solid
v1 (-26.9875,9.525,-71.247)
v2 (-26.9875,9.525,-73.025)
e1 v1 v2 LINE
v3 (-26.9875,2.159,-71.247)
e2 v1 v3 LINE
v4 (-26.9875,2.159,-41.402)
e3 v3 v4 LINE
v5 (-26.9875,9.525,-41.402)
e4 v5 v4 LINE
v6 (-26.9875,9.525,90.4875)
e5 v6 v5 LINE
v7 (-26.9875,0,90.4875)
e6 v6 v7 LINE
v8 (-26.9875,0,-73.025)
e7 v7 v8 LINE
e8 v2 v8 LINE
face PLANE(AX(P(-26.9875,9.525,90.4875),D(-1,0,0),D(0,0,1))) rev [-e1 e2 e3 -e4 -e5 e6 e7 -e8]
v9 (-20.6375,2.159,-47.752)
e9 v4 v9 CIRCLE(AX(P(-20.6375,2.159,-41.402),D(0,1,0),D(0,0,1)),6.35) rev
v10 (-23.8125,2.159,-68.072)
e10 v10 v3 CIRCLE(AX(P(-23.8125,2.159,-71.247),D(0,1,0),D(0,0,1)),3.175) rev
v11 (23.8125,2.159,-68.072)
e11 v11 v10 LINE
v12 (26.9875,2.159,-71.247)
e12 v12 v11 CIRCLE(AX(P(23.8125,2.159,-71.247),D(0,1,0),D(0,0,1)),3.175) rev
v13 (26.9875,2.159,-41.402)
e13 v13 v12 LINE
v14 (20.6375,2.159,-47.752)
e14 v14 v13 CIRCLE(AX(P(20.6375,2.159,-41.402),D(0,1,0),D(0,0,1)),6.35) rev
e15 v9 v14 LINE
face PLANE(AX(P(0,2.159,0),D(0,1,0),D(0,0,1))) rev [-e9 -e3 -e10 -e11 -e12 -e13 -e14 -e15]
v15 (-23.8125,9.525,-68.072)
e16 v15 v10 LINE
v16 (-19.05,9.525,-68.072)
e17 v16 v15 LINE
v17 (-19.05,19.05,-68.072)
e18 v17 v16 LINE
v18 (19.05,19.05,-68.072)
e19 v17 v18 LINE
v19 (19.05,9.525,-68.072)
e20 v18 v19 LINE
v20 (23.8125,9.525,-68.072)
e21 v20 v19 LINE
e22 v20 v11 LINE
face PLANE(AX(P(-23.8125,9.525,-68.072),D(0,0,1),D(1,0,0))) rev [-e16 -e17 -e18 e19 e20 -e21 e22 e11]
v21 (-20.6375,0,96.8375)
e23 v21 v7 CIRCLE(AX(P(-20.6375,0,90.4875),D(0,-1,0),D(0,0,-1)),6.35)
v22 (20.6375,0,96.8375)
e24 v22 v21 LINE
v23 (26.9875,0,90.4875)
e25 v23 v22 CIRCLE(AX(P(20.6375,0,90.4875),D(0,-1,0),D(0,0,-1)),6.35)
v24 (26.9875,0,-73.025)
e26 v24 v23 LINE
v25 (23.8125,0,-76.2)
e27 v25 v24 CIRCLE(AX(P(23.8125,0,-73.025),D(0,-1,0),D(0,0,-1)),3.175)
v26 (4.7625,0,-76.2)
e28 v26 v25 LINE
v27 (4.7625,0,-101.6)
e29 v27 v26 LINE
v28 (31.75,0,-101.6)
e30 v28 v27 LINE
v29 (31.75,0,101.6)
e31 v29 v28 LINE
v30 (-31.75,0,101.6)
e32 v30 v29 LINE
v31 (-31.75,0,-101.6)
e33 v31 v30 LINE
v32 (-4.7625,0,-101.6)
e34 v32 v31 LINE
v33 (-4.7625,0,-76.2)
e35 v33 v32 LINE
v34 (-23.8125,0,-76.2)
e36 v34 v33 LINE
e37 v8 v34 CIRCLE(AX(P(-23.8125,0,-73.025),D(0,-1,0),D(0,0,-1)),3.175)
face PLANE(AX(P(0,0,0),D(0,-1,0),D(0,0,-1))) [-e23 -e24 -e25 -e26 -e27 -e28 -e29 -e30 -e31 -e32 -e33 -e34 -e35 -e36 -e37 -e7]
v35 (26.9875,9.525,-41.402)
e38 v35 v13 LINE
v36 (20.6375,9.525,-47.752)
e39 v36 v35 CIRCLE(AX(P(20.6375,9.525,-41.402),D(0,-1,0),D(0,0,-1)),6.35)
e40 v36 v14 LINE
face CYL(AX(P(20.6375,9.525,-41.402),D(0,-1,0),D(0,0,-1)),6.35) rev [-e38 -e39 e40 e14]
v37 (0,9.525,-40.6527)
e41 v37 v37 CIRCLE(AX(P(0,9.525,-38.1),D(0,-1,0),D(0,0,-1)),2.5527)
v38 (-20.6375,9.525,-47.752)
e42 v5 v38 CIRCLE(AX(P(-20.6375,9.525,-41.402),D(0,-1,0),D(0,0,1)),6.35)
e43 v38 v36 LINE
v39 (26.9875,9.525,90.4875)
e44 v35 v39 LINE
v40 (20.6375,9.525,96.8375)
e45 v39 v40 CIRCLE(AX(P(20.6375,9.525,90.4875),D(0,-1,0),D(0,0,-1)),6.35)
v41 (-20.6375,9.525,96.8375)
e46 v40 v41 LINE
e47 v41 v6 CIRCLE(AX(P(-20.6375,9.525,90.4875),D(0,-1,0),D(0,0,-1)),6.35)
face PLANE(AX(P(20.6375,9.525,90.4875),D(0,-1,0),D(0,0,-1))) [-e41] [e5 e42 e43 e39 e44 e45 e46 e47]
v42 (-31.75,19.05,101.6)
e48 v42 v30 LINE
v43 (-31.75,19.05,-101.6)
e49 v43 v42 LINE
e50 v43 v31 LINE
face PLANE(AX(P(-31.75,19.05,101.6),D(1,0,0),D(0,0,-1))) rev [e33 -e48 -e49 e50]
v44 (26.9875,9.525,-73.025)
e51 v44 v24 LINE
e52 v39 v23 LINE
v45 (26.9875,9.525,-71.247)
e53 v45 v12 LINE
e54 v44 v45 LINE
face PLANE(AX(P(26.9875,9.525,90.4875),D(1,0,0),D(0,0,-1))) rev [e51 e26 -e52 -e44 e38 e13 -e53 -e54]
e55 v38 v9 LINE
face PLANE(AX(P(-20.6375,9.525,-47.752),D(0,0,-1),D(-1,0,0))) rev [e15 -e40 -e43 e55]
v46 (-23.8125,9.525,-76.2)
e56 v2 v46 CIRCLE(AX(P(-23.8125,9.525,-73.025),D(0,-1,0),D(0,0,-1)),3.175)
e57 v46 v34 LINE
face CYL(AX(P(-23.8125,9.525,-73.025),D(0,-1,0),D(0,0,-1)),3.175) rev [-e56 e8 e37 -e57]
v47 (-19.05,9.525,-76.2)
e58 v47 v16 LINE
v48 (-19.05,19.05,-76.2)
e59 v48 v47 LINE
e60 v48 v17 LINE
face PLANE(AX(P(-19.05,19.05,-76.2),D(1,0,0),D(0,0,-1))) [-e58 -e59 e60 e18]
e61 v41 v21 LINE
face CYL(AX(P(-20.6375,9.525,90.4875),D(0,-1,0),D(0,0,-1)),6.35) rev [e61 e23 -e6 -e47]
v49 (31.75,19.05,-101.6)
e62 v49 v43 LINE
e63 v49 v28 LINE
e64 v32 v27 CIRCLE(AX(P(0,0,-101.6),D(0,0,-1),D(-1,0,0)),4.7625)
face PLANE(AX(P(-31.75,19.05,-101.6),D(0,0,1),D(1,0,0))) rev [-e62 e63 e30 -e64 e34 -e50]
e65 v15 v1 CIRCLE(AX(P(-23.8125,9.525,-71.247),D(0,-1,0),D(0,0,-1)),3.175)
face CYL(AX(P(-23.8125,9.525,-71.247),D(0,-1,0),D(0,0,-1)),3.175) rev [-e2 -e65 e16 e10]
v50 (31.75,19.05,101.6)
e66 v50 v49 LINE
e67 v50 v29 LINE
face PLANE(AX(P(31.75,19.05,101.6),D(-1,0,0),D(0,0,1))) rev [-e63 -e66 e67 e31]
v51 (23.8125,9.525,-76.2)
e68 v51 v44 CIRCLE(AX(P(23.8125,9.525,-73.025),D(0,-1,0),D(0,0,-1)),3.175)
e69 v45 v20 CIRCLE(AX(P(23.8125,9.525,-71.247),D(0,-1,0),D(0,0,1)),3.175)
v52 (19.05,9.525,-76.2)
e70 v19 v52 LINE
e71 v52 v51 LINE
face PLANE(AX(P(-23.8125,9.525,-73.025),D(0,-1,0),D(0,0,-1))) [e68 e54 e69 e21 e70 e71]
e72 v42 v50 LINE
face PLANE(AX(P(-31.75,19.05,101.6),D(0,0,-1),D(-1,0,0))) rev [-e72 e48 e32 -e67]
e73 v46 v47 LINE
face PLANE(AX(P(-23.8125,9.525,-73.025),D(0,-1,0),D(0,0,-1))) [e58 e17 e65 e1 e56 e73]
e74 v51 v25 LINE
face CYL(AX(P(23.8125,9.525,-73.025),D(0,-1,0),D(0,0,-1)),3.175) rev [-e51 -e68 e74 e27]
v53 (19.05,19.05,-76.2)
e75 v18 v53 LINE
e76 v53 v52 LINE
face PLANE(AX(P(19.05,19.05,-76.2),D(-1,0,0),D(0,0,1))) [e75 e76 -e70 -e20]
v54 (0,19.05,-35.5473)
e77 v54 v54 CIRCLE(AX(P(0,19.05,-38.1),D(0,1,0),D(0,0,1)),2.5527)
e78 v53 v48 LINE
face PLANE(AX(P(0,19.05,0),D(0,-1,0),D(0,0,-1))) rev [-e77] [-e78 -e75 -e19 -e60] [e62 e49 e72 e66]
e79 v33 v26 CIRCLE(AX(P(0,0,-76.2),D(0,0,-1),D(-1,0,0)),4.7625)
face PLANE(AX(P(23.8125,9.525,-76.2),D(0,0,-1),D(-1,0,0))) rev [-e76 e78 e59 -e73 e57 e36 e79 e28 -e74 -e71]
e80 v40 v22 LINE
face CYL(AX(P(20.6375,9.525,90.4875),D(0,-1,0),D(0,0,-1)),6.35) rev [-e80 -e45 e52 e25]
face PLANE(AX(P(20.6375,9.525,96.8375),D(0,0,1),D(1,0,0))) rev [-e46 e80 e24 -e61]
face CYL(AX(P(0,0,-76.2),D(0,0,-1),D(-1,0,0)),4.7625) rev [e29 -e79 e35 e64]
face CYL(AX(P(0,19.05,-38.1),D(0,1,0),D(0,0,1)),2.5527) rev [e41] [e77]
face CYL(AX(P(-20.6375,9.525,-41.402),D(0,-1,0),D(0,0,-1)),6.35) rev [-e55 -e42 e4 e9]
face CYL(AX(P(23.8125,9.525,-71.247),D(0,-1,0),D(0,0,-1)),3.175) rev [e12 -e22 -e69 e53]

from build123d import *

# Parameters (mm, degrees)
SKETCH1_W                   = 63.5
SKETCH1_H                   = 203.2
BOSS_EXTRUDE1_DEPTH         = 19.05
SKETCH2_R                   = 4.7625
CUT_EXTRUDE1_DEPTH          = 25.4
CUT_EXTRUDE2_DEPTH          = 9.525
SKETCH5_W                   = 38.1
SKETCH5_H                   = 8.128
CUT_EXTRUDE4_DEPTH          = 109.136603424
SKETCH6_W                   = 53.975
SKETCH6_H                   = 29.845
CUT_EXTRUDE5_DEPTH          = 2.159
F_1_4_20_TAPPED_HOLE1_D     = 5.1054
F_1_4_20_TAPPED_HOLE1_DEPTH = 19.05
F_1_4_20_TAPPED_HOLE1_TIP   = 1.533816902


with BuildPart() as part:
    # Sketch1 → Boss-Extrude1 (new body)
    with BuildSketch(Plane(origin=(0, 0, 0), x_dir=(1, 0, 0), z_dir=(0, 1, 0))):
        Rectangle(SKETCH1_W, SKETCH1_H)
    extrude(amount=BOSS_EXTRUDE1_DEPTH)

    # Sketch2 → Cut-Extrude1 (cut)
    with BuildSketch(Plane(origin=(0, 0, -101.6), x_dir=(-1, 0, 0), z_dir=(0, 0, -1))):
        Circle(SKETCH2_R)
    extrude(amount=-CUT_EXTRUDE1_DEPTH, mode=Mode.SUBTRACT)

    # Sketch3 → Cut-Extrude2 (cut)
    with BuildSketch(Plane(origin=(0, 0, 0), x_dir=(-1, 0, 0), z_dir=(0, -1, 0))):
        with BuildLine():
            Line((-20.6375, -96.8375), (20.6375, -96.8375))
            ThreePointArc((20.6375, -96.8375), (25.127628061, -94.977628061), (26.9875, -90.4875))
            Line((26.9875, -90.4875), (26.9875, 41.402))
            ThreePointArc((26.9875, 41.402), (25.127628061, 45.892128061), (20.6375, 47.752))
            Line((20.6375, 47.752), (-20.6375, 47.752))
            ThreePointArc((-20.6375, 47.752), (-25.127628061, 45.892128061), (-26.9875, 41.402))
            Line((-26.9875, 41.402), (-26.9875, -90.4875))
            ThreePointArc((-26.9875, -90.4875), (-25.127628061, -94.977628061), (-20.6375, -96.8375))
        make_face()
        with BuildLine():
            Line((-23.8125, 76.2), (23.8125, 76.2))
            ThreePointArc((23.8125, 76.2), (26.05756403, 75.27006403), (26.9875, 73.025))
            Line((26.9875, 73.025), (26.9875, 71.247))
            ThreePointArc((26.9875, 71.247), (26.05756403, 69.00193597), (23.8125, 68.072))
            Line((23.8125, 68.072), (-23.8125, 68.072))
            ThreePointArc((-23.8125, 68.072), (-26.05756403, 69.00193597), (-26.9875, 71.247))
            Line((-26.9875, 71.247), (-26.9875, 73.025))
            ThreePointArc((-26.9875, 73.025), (-26.05756403, 75.27006403), (-23.8125, 76.2))
        make_face()
    extrude(amount=-CUT_EXTRUDE2_DEPTH, mode=Mode.SUBTRACT)

    # Sketch5 → Cut-Extrude4 (cut, through all)
    with BuildSketch(Plane(origin=(0, 0, 0), x_dir=(1, 0, 0), z_dir=(0, 1, 0))):
        with Locations((0, 72.136)):
            Rectangle(SKETCH5_W, SKETCH5_H)
    extrude(amount=CUT_EXTRUDE4_DEPTH, mode=Mode.SUBTRACT)

    # Sketch6 → Cut-Extrude5 (cut)
    with BuildSketch(Plane(origin=(0, 0, 0), x_dir=(1, 0, 0), z_dir=(0, 1, 0))):
        with Locations((0, 56.3245)):
            Rectangle(SKETCH6_W, SKETCH6_H)
    extrude(amount=CUT_EXTRUDE5_DEPTH, mode=Mode.SUBTRACT)

    # 1/4-20 Tapped Hole1
    with Locations(Plane(origin=(-11.034450397, 19.05, 14.547513529), x_dir=(-1, 0, 0), z_dir=(0, 1, 0))):
        with Locations((-11.034450397, -52.647513529)):
            Hole(F_1_4_20_TAPPED_HOLE1_D / 2, depth=F_1_4_20_TAPPED_HOLE1_DEPTH)
            with Locations((0, 0, -(F_1_4_20_TAPPED_HOLE1_DEPTH + F_1_4_20_TAPPED_HOLE1_TIP / 2))):  # 118° drill point
                Cone(0, F_1_4_20_TAPPED_HOLE1_D / 2, F_1_4_20_TAPPED_HOLE1_TIP, mode=Mode.SUBTRACT)


solid = part.part
